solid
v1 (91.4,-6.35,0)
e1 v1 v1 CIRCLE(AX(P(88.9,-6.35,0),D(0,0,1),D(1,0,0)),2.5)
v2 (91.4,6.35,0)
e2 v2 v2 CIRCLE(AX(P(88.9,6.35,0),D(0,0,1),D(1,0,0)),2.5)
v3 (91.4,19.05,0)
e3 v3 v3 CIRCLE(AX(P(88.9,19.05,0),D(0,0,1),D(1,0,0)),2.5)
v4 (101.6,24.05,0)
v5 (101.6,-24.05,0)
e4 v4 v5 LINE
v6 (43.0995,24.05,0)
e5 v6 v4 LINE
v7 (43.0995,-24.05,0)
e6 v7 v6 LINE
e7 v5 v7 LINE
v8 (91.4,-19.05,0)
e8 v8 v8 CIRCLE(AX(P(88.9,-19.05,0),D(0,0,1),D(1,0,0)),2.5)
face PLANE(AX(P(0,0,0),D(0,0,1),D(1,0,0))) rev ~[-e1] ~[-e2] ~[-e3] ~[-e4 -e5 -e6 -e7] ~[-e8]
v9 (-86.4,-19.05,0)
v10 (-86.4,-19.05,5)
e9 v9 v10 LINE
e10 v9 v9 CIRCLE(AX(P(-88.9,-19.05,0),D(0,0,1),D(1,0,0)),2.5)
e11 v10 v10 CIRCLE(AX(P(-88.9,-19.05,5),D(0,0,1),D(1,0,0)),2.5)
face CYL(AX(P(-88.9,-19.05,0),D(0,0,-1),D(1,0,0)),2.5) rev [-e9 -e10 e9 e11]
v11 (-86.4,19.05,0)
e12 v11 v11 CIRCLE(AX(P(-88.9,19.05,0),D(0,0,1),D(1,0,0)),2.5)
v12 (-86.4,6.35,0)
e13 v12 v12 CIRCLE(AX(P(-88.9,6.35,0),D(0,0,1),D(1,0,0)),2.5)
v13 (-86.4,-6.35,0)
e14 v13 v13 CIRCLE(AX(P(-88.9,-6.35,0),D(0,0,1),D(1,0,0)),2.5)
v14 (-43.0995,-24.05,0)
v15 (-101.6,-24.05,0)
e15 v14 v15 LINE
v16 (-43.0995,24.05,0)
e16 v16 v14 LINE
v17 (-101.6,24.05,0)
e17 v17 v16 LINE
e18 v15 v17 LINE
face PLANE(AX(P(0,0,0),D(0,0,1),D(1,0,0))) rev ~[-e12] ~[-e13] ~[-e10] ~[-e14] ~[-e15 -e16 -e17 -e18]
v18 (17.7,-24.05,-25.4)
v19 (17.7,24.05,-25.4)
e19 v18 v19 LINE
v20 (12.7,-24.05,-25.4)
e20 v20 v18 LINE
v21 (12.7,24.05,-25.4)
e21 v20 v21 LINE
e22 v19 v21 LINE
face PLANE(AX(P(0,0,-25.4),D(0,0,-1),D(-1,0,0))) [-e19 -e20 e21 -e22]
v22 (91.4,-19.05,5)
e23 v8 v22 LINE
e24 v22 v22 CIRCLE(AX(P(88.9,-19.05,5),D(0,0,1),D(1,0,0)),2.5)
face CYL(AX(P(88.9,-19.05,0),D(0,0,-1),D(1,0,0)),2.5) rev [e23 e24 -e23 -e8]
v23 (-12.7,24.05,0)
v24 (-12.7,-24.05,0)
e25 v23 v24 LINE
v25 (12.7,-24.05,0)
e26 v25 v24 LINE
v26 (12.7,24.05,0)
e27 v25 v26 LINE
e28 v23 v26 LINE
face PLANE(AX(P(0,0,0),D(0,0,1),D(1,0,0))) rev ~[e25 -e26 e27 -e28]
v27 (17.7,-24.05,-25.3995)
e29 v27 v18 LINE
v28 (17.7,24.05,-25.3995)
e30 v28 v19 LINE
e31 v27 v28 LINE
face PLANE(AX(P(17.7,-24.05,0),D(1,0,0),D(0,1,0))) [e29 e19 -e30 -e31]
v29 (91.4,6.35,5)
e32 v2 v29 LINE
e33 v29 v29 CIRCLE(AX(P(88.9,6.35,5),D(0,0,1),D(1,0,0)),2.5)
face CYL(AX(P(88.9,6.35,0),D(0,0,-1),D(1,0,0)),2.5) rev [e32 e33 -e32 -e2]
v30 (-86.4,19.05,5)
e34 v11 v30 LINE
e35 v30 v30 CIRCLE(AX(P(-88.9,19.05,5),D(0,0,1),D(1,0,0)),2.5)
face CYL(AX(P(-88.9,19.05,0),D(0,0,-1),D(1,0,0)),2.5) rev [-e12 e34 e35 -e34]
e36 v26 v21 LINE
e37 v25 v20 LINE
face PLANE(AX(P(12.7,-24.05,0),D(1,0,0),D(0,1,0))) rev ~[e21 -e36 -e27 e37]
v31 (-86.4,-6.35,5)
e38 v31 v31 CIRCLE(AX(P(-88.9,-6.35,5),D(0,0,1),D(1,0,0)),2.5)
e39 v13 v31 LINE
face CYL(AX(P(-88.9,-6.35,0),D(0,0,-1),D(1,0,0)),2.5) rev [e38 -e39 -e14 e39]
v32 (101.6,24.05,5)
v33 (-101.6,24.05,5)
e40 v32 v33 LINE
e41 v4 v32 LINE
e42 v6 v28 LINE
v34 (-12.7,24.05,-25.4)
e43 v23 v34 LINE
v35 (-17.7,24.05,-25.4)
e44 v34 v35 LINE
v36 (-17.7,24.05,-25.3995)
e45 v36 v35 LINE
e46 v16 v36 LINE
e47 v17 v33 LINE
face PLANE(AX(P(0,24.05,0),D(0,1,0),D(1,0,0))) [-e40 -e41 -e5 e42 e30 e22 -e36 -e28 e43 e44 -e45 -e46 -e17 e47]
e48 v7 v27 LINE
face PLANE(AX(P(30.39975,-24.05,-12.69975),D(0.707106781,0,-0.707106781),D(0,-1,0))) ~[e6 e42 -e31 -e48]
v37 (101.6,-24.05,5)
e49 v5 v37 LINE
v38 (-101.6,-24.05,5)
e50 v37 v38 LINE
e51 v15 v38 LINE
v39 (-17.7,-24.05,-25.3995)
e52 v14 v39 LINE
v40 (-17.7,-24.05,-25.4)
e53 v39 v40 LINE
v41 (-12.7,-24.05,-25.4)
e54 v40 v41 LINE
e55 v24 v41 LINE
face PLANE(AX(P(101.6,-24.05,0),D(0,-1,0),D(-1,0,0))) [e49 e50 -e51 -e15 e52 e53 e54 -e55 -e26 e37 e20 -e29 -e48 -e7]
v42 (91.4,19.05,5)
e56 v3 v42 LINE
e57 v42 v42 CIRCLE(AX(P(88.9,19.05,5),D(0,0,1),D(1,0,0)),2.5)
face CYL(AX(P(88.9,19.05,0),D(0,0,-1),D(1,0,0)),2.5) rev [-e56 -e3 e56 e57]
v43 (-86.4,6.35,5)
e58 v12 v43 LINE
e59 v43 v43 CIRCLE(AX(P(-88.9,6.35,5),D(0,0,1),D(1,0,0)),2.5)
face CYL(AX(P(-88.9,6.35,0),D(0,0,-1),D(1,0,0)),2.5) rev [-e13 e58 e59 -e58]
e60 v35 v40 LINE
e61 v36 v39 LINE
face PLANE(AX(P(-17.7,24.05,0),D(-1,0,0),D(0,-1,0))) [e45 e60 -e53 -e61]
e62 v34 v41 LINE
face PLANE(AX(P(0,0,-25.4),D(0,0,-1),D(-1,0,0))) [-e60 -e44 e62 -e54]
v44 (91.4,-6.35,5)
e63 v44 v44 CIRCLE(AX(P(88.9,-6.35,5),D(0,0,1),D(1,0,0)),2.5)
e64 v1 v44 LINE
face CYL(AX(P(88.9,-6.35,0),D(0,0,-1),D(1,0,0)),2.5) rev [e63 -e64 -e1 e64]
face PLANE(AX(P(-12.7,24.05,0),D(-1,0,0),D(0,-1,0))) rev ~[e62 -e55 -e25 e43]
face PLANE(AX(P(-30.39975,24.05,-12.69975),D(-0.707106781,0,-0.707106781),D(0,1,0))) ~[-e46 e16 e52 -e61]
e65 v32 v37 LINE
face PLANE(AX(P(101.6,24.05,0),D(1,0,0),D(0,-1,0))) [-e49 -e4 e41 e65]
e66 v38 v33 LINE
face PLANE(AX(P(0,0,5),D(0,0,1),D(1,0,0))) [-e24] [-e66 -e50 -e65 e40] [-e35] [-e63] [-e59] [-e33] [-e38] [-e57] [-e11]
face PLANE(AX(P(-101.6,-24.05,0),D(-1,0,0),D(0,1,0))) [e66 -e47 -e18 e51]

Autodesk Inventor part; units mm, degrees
ref_plane "YZ Plane" through (0, 0, 0) normal (1, 0, 0) x (0, 1, 0)
ref_plane "XZ Plane" through (0, 0, 0) normal (0, 1, 0) x (-1, 0, 0)
ref_plane "XY Plane" through (0, 0, 0) normal (0, 0, 1) x (1, 0, 0)
sketch "Esboço1" plane through (0, 0, 0) normal (0, 0, 1) x (1, 0, 0)
  line L0 (101.6, -24.05) -> (-101.6, -24.05)
  line L1 (-101.6, -24.05) -> (-101.6, 24.05)
  line L2 (-101.6, 24.05) -> (101.6, 24.05)
  line L3 (101.6, 24.05) -> (101.6, -24.05)
  line L4 (101.6, -24.05) -> (-101.6, 24.05) construction
  line L5 (-101.6, -24.05) -> (101.6, 24.05) construction
  circle A0 centre (-88.9, 6.35) radius 2.5
  circle A1 centre (-88.9, -6.35) radius 2.5
  circle A2 centre (-88.9, 19.05) radius 2.5
  circle A3 centre (-88.9, -19.05) radius 2.5
  line L6 (0, 0) -> (0, 24.05)
  line L7 (-101.6, -24.05) -> (101.6, 24.05) construction
  line L8 (101.6, -24.05) -> (-101.6, 24.05) construction
  circle A4 centre (88.9, 6.35) radius 2.5
  circle A5 centre (88.9, -6.35) radius 2.5
  circle A6 centre (88.9, 19.05) radius 2.5
  circle A7 centre (88.9, -19.05) radius 2.5
  dimension "d0" = 203.2
  dimension "d1" = 5
  dimension "d2" = 12.7
  dimension "d3" = 12.7
  dimension "d4" = 12.7
  dimension "d5" = 12.7
  dimension "d6" = 5
  dimension "d7" = 5
extrude "Extrusão1" add sketch "Esboço1" along normal blind 5
sketch "Esboço2" plane through (0, 0, 0) normal (0, 0, -1) x (-1, 0, 0)
  line L0 (-101.6, 24.05) -> (101.6, 24.05) projected
  line L1 (12.7, -24.05) -> (-12.7, -24.05)
  line L2 (-12.7, -24.05) -> (-12.7, 24.05)
  line L3 (-12.7, 24.05) -> (12.7, 24.05)
  line L4 (12.7, 24.05) -> (12.7, -24.05)
  line L5 (12.7, -24.05) -> (-12.7, 24.05) construction
  line L6 (-12.7, -24.05) -> (12.7, 24.05) construction
  line L7 (17.7, -24.05) -> (-17.7, -24.05)
  line L8 (-17.7, -24.05) -> (-17.7, 24.05)
  line L9 (-17.7, 24.05) -> (17.7, 24.05)
  line L10 (17.7, 24.05) -> (17.7, -24.05)
  line L11 (17.7, -24.05) -> (-17.7, 24.05) construction
  line L12 (-17.7, -24.05) -> (17.7, 24.05) construction
  point P0 (0, 0)
  dimension "d10" = 25.4
  dimension "d11" = 5
extrude "Extrusão2" add sketch "Esboço2" along normal blind 25.4 contours L0 L2 L7 L8 | L0 L10 L7 L4
chamfer "Chanfro1" distance 25.4 angle 45 2 edges at (17.7, 0, 0) (-17.7, 0, 0)
equation "\"d3\" = d2"
equation "\"d4\" = d2"
equation "\"d7\" = d6"
properties part number "Chapa Guia - Elevador"
